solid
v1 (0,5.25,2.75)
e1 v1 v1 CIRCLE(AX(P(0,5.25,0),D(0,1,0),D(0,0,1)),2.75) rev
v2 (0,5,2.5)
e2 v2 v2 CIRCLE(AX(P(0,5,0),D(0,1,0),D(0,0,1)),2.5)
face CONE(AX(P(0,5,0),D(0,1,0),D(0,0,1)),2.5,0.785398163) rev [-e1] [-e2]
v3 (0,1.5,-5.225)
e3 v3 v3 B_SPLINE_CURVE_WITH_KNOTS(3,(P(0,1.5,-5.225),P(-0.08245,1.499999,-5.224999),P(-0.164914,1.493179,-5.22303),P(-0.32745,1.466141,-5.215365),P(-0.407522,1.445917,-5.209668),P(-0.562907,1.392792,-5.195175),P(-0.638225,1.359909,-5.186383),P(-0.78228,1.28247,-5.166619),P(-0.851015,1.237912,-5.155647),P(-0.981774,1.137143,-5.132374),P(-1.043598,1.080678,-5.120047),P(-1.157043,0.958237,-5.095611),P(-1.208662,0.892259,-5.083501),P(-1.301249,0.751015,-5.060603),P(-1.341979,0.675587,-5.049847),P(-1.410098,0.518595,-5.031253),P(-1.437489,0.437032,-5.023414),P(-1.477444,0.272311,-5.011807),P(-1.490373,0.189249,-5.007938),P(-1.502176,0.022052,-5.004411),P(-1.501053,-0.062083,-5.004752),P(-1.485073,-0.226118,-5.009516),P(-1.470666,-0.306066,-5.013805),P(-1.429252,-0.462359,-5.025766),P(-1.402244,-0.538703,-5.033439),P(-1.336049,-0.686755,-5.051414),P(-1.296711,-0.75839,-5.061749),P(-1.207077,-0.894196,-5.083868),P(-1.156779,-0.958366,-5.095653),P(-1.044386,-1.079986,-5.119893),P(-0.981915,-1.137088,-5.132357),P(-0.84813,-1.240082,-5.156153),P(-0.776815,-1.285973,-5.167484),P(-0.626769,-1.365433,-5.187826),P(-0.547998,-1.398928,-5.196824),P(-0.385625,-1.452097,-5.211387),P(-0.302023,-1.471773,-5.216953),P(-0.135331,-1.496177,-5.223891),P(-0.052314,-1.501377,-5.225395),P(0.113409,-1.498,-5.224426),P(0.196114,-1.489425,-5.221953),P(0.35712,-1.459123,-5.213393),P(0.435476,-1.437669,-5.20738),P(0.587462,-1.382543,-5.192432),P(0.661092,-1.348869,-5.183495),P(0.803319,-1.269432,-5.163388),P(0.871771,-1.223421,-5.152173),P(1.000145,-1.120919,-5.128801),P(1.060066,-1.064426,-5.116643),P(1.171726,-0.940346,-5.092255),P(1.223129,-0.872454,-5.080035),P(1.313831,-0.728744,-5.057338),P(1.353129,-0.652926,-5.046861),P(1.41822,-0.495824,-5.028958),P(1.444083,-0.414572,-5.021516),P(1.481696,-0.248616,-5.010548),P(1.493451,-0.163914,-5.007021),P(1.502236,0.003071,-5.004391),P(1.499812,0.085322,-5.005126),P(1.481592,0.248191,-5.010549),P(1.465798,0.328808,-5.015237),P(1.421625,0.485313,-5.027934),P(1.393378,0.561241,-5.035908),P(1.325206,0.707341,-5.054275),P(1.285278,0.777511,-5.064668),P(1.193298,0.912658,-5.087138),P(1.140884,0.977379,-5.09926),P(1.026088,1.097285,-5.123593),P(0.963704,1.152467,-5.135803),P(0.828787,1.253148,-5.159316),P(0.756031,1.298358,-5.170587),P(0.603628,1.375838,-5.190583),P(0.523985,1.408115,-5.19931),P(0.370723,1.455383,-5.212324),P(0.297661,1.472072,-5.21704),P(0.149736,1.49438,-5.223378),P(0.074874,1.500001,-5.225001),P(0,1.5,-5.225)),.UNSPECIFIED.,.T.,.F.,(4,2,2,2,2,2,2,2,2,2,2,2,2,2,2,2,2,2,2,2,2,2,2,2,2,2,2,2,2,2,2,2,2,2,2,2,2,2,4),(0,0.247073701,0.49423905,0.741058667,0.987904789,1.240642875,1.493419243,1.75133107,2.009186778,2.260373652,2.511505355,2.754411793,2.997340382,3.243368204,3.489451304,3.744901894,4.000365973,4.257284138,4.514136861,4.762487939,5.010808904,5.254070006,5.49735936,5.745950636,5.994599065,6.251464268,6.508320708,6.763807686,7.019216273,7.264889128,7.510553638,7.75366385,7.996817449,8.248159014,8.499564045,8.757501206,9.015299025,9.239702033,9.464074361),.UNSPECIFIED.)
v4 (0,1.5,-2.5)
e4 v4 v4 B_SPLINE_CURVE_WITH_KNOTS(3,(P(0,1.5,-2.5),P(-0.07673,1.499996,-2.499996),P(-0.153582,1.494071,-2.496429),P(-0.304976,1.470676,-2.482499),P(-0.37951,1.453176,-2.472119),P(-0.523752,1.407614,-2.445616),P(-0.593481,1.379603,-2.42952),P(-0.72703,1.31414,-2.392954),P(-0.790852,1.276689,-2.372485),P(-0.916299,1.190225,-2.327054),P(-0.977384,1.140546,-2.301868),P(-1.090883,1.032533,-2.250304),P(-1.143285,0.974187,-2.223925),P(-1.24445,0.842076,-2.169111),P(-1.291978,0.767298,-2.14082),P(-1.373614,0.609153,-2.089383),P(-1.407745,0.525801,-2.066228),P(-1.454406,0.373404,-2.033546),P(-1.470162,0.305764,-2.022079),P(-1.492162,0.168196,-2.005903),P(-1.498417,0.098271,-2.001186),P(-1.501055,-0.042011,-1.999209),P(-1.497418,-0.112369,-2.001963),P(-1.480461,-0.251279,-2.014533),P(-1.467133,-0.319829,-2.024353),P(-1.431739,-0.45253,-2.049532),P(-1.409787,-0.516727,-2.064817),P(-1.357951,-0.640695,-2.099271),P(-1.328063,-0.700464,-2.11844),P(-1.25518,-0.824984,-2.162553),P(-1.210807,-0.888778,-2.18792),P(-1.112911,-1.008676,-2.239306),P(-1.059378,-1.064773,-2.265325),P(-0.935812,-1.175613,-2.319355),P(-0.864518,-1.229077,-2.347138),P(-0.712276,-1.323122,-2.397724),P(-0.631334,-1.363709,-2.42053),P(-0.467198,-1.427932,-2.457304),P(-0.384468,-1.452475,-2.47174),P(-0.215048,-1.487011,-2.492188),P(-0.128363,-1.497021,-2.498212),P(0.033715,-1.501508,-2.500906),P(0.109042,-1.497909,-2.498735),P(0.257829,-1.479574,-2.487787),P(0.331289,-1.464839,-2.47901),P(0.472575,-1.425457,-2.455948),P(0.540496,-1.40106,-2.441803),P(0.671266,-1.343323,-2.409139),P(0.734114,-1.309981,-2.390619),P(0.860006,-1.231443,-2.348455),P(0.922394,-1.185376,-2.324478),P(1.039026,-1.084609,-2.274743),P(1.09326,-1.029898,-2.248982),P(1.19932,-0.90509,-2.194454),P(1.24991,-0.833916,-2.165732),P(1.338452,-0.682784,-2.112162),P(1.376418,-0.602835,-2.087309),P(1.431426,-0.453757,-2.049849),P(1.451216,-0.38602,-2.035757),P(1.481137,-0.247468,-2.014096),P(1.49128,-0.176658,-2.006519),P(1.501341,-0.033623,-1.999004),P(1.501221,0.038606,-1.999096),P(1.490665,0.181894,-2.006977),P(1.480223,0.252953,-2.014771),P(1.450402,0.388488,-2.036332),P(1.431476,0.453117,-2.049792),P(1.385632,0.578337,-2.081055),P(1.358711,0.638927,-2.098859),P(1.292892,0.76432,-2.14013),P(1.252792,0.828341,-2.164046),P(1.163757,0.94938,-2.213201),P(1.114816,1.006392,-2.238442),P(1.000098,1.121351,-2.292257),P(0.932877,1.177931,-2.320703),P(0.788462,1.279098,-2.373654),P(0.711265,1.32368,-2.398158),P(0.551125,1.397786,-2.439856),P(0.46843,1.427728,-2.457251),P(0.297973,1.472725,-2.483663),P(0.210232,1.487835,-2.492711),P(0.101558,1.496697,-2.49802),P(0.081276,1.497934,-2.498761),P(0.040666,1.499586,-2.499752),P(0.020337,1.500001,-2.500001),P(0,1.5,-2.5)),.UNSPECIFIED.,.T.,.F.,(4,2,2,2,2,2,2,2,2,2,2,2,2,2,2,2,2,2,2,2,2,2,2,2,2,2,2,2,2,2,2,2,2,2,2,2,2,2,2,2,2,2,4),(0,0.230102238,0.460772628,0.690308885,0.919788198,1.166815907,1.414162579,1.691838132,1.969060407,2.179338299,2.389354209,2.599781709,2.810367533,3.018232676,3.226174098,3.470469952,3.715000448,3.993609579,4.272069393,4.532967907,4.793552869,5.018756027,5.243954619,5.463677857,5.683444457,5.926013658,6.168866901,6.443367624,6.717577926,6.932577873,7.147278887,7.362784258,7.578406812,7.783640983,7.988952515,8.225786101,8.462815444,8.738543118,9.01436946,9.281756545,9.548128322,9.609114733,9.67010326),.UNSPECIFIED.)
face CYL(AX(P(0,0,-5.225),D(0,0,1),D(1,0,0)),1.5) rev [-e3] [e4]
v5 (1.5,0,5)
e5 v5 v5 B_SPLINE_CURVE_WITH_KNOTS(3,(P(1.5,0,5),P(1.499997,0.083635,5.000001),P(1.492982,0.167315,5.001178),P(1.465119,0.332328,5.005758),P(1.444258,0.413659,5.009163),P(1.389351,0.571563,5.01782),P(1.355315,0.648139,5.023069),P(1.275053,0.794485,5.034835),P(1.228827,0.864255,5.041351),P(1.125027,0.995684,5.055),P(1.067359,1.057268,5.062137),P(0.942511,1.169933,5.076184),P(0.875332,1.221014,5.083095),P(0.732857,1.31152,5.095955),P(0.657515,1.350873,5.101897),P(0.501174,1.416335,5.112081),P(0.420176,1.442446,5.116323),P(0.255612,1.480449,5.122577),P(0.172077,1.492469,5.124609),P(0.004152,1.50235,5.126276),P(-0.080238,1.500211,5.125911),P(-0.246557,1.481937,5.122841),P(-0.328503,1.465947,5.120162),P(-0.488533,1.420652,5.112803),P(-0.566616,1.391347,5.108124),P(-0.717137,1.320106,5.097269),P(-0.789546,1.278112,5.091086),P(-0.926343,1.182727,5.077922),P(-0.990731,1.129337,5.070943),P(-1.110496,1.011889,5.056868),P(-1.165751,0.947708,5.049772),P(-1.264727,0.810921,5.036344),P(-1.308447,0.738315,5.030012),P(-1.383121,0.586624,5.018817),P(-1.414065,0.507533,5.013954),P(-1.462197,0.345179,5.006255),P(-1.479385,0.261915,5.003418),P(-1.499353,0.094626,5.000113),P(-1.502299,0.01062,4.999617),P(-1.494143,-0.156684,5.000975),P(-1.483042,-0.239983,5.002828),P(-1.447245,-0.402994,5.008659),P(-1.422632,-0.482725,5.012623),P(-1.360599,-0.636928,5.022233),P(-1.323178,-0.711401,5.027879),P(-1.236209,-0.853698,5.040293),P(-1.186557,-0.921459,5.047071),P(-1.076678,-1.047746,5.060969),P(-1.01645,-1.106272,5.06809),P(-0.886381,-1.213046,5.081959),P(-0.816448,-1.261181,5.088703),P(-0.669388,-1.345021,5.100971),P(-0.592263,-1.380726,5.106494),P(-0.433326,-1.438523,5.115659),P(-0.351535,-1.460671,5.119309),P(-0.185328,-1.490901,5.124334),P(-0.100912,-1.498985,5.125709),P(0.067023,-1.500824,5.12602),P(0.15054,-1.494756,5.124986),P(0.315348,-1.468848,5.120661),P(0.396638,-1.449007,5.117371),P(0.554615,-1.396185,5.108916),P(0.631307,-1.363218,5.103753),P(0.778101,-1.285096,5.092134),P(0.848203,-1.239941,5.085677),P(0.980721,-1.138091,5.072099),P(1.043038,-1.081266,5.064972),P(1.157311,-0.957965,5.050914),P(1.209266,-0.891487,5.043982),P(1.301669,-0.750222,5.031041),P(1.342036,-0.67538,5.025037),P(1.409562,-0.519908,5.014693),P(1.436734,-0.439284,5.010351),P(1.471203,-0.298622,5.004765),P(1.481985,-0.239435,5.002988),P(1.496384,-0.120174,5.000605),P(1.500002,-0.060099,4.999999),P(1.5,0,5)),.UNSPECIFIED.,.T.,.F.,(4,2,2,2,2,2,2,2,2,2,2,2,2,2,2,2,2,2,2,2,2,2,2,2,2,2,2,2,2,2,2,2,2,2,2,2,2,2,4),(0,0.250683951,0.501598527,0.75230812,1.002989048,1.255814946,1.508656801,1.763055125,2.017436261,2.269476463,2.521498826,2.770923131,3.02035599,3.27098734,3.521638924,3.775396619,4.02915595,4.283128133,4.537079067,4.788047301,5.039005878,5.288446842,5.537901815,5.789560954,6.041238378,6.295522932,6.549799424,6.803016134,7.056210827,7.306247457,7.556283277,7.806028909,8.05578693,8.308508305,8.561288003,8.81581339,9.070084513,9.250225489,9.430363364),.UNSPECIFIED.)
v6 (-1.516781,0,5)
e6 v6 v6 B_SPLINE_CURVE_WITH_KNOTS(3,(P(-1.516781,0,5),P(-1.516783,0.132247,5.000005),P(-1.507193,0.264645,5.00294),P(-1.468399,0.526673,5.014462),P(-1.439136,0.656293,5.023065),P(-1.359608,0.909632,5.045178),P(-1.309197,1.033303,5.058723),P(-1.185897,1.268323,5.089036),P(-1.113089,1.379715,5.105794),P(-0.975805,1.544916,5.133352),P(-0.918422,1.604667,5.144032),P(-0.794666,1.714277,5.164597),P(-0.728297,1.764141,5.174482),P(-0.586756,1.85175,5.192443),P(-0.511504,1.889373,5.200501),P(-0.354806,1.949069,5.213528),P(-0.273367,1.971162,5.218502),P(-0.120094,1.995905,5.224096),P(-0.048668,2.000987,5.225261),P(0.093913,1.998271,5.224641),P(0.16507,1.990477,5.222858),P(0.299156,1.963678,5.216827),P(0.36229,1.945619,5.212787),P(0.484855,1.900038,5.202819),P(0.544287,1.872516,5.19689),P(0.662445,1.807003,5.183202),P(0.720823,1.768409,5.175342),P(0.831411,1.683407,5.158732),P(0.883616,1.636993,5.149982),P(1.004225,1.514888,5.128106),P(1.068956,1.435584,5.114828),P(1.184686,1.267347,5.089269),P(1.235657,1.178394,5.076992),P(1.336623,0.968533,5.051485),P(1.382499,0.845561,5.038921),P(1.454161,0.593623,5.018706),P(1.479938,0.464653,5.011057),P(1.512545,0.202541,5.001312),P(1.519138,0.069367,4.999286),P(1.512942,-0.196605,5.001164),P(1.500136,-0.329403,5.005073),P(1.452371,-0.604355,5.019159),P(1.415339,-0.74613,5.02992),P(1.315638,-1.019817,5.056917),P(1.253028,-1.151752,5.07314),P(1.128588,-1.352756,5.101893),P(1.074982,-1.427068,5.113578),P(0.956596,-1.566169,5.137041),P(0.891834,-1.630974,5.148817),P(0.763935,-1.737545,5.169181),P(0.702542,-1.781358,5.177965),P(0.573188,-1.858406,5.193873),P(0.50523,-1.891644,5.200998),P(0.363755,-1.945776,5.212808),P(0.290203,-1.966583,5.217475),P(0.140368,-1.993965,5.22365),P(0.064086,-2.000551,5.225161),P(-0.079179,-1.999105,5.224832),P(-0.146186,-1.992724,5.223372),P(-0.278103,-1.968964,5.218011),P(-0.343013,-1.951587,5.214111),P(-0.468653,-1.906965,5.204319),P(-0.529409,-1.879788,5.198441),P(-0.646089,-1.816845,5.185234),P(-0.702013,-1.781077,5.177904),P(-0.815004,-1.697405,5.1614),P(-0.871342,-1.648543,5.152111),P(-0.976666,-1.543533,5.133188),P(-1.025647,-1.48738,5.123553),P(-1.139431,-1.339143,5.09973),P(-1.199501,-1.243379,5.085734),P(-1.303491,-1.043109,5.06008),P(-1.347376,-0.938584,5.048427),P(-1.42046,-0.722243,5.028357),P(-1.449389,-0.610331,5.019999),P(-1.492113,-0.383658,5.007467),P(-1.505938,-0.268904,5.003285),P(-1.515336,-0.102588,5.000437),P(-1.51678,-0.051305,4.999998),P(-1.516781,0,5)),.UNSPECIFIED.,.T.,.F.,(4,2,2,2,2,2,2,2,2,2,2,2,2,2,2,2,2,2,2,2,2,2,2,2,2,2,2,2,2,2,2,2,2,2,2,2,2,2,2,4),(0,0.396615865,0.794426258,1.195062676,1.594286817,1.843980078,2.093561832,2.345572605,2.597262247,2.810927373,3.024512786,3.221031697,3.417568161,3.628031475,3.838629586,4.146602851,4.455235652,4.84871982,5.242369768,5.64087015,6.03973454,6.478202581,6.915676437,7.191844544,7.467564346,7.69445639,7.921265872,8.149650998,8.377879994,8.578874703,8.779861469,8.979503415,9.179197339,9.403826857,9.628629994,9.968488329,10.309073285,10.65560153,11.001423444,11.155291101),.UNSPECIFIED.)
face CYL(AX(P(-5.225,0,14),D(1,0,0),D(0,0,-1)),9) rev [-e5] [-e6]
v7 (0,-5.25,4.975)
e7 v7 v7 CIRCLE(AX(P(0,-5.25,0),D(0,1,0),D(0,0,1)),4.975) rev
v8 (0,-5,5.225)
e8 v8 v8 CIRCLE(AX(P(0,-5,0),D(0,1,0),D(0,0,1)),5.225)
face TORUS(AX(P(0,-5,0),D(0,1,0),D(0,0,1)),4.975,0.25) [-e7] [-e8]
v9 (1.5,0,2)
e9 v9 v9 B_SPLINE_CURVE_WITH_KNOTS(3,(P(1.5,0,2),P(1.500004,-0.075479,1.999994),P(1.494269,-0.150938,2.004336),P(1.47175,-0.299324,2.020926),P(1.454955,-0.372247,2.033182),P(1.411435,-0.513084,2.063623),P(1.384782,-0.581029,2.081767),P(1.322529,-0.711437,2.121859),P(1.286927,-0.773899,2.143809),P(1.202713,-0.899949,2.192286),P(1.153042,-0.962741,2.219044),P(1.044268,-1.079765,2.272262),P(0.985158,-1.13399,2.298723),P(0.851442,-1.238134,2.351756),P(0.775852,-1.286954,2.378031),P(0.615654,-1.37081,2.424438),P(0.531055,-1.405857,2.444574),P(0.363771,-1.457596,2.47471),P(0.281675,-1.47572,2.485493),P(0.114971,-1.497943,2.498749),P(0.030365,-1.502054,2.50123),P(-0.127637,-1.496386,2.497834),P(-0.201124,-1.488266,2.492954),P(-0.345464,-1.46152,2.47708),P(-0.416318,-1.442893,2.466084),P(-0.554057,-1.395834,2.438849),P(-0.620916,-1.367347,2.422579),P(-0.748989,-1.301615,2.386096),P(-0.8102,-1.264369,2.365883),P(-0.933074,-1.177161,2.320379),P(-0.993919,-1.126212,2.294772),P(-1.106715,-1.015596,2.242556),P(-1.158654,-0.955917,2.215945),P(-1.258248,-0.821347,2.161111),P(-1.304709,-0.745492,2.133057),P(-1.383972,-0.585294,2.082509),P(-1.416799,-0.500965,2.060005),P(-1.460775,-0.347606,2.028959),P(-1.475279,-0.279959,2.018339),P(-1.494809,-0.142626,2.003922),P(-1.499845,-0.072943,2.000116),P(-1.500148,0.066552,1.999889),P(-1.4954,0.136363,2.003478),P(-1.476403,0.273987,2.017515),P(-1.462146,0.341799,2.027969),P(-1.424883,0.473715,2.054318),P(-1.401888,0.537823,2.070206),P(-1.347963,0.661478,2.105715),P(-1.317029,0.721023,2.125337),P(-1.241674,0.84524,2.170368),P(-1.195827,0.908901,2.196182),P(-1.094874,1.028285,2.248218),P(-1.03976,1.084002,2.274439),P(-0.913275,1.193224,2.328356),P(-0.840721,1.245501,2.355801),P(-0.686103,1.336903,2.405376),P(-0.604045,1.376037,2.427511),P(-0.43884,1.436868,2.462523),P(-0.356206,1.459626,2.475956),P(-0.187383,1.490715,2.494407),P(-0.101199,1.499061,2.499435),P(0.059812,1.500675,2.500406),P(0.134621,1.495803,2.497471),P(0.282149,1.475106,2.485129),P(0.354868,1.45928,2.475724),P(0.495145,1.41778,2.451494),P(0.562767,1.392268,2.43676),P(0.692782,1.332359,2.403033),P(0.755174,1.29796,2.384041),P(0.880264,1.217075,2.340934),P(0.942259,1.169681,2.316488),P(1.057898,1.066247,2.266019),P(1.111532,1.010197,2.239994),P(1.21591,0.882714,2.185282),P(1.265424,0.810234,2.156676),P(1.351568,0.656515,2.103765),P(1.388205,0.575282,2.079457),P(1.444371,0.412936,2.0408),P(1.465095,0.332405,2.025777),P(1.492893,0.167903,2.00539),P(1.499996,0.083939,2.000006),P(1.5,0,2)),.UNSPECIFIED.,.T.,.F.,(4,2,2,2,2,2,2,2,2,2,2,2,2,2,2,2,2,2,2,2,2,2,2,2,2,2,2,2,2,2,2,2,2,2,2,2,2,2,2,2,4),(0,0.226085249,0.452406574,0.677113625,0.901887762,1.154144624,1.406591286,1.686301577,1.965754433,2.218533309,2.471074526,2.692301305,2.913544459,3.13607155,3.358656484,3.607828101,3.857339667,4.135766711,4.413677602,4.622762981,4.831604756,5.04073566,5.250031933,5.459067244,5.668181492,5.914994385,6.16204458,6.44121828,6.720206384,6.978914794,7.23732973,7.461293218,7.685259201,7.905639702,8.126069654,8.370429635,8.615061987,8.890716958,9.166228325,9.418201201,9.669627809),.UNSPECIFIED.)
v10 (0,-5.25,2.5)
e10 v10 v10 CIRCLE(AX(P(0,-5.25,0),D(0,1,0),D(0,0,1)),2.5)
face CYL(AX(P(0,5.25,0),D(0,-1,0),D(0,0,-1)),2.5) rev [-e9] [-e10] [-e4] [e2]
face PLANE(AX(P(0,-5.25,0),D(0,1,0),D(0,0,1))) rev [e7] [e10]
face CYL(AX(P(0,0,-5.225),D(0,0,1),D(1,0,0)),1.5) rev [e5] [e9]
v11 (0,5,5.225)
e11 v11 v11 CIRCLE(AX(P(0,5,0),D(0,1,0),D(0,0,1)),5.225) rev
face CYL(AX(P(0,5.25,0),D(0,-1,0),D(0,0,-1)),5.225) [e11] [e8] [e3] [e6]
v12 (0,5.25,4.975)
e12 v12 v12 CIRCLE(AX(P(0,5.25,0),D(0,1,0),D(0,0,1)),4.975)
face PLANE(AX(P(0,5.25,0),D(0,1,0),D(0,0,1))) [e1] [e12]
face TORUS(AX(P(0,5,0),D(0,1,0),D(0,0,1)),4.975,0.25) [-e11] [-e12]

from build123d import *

# Parameters (mm, degrees)
SKETCH1_R               = 5.225
SKETCH1_R_2             = 2.5
BOSS_EXTRUDE1_DEPTH     = 5.25
SKETCH2_R               = 1.5
CUT_EXTRUDE1_DEPTH      = 5.225
CUT_EXTRUDE2_DEPTH      = 10.064422392
CUT_EXTRUDE2_DEPTH_BACK = 10.064422392
SKETCH4_R               = 9
FILLET1_R               = 0.25
CHAMFER1_SIZE           = 0.25


with BuildPart() as part:
    # Sketch1 → Boss-Extrude1 (new, symmetric)
    with BuildSketch(Plane(origin=(0, 0, 0), x_dir=(1, 0, 0), z_dir=(0, 1, 0))):
        with Locations(Location((0, 0, 0), (0, 0, 90))):
            Circle(SKETCH1_R)
        with Locations(Location((0, 0, 0), (0, 0, 90))):
            Circle(SKETCH1_R_2, mode=Mode.SUBTRACT)
    extrude(amount=BOSS_EXTRUDE1_DEPTH, both=True)

    # Sketch2 → Cut-Extrude1 (cut, symmetric)
    with BuildSketch(Plane.XY):
        Circle(SKETCH2_R)
    extrude(amount=CUT_EXTRUDE1_DEPTH, both=True, mode=Mode.SUBTRACT)

    # Sketch4 → Cut-Extrude2 (cut, two sides: drawn at the far end of the back side and taken through both)
    with BuildSketch(Plane(origin=(0, 0, 0), x_dir=(0, 0, -1), z_dir=(1, 0, 0)).offset(-CUT_EXTRUDE2_DEPTH_BACK)):
        with Locations((-14, 0)):
            Circle(SKETCH4_R)
    extrude(amount=CUT_EXTRUDE2_DEPTH + CUT_EXTRUDE2_DEPTH_BACK, mode=Mode.SUBTRACT)

    # Fillet1
    fillet1_edges = [part.edges().sort_by_distance(p)[0] for p in [
        (0, -5.25, 5.225),
        (0, 5.25, 5.225),
    ]]
    fillet(fillet1_edges, radius=FILLET1_R)

    # Chamfer1
    chamfer1_edges = [part.edges().sort_by_distance(p)[0] for p in [
        (0, 5.25, 2.5),
    ]]
    chamfer(chamfer1_edges, length=CHAMFER1_SIZE)


solid = part.part
